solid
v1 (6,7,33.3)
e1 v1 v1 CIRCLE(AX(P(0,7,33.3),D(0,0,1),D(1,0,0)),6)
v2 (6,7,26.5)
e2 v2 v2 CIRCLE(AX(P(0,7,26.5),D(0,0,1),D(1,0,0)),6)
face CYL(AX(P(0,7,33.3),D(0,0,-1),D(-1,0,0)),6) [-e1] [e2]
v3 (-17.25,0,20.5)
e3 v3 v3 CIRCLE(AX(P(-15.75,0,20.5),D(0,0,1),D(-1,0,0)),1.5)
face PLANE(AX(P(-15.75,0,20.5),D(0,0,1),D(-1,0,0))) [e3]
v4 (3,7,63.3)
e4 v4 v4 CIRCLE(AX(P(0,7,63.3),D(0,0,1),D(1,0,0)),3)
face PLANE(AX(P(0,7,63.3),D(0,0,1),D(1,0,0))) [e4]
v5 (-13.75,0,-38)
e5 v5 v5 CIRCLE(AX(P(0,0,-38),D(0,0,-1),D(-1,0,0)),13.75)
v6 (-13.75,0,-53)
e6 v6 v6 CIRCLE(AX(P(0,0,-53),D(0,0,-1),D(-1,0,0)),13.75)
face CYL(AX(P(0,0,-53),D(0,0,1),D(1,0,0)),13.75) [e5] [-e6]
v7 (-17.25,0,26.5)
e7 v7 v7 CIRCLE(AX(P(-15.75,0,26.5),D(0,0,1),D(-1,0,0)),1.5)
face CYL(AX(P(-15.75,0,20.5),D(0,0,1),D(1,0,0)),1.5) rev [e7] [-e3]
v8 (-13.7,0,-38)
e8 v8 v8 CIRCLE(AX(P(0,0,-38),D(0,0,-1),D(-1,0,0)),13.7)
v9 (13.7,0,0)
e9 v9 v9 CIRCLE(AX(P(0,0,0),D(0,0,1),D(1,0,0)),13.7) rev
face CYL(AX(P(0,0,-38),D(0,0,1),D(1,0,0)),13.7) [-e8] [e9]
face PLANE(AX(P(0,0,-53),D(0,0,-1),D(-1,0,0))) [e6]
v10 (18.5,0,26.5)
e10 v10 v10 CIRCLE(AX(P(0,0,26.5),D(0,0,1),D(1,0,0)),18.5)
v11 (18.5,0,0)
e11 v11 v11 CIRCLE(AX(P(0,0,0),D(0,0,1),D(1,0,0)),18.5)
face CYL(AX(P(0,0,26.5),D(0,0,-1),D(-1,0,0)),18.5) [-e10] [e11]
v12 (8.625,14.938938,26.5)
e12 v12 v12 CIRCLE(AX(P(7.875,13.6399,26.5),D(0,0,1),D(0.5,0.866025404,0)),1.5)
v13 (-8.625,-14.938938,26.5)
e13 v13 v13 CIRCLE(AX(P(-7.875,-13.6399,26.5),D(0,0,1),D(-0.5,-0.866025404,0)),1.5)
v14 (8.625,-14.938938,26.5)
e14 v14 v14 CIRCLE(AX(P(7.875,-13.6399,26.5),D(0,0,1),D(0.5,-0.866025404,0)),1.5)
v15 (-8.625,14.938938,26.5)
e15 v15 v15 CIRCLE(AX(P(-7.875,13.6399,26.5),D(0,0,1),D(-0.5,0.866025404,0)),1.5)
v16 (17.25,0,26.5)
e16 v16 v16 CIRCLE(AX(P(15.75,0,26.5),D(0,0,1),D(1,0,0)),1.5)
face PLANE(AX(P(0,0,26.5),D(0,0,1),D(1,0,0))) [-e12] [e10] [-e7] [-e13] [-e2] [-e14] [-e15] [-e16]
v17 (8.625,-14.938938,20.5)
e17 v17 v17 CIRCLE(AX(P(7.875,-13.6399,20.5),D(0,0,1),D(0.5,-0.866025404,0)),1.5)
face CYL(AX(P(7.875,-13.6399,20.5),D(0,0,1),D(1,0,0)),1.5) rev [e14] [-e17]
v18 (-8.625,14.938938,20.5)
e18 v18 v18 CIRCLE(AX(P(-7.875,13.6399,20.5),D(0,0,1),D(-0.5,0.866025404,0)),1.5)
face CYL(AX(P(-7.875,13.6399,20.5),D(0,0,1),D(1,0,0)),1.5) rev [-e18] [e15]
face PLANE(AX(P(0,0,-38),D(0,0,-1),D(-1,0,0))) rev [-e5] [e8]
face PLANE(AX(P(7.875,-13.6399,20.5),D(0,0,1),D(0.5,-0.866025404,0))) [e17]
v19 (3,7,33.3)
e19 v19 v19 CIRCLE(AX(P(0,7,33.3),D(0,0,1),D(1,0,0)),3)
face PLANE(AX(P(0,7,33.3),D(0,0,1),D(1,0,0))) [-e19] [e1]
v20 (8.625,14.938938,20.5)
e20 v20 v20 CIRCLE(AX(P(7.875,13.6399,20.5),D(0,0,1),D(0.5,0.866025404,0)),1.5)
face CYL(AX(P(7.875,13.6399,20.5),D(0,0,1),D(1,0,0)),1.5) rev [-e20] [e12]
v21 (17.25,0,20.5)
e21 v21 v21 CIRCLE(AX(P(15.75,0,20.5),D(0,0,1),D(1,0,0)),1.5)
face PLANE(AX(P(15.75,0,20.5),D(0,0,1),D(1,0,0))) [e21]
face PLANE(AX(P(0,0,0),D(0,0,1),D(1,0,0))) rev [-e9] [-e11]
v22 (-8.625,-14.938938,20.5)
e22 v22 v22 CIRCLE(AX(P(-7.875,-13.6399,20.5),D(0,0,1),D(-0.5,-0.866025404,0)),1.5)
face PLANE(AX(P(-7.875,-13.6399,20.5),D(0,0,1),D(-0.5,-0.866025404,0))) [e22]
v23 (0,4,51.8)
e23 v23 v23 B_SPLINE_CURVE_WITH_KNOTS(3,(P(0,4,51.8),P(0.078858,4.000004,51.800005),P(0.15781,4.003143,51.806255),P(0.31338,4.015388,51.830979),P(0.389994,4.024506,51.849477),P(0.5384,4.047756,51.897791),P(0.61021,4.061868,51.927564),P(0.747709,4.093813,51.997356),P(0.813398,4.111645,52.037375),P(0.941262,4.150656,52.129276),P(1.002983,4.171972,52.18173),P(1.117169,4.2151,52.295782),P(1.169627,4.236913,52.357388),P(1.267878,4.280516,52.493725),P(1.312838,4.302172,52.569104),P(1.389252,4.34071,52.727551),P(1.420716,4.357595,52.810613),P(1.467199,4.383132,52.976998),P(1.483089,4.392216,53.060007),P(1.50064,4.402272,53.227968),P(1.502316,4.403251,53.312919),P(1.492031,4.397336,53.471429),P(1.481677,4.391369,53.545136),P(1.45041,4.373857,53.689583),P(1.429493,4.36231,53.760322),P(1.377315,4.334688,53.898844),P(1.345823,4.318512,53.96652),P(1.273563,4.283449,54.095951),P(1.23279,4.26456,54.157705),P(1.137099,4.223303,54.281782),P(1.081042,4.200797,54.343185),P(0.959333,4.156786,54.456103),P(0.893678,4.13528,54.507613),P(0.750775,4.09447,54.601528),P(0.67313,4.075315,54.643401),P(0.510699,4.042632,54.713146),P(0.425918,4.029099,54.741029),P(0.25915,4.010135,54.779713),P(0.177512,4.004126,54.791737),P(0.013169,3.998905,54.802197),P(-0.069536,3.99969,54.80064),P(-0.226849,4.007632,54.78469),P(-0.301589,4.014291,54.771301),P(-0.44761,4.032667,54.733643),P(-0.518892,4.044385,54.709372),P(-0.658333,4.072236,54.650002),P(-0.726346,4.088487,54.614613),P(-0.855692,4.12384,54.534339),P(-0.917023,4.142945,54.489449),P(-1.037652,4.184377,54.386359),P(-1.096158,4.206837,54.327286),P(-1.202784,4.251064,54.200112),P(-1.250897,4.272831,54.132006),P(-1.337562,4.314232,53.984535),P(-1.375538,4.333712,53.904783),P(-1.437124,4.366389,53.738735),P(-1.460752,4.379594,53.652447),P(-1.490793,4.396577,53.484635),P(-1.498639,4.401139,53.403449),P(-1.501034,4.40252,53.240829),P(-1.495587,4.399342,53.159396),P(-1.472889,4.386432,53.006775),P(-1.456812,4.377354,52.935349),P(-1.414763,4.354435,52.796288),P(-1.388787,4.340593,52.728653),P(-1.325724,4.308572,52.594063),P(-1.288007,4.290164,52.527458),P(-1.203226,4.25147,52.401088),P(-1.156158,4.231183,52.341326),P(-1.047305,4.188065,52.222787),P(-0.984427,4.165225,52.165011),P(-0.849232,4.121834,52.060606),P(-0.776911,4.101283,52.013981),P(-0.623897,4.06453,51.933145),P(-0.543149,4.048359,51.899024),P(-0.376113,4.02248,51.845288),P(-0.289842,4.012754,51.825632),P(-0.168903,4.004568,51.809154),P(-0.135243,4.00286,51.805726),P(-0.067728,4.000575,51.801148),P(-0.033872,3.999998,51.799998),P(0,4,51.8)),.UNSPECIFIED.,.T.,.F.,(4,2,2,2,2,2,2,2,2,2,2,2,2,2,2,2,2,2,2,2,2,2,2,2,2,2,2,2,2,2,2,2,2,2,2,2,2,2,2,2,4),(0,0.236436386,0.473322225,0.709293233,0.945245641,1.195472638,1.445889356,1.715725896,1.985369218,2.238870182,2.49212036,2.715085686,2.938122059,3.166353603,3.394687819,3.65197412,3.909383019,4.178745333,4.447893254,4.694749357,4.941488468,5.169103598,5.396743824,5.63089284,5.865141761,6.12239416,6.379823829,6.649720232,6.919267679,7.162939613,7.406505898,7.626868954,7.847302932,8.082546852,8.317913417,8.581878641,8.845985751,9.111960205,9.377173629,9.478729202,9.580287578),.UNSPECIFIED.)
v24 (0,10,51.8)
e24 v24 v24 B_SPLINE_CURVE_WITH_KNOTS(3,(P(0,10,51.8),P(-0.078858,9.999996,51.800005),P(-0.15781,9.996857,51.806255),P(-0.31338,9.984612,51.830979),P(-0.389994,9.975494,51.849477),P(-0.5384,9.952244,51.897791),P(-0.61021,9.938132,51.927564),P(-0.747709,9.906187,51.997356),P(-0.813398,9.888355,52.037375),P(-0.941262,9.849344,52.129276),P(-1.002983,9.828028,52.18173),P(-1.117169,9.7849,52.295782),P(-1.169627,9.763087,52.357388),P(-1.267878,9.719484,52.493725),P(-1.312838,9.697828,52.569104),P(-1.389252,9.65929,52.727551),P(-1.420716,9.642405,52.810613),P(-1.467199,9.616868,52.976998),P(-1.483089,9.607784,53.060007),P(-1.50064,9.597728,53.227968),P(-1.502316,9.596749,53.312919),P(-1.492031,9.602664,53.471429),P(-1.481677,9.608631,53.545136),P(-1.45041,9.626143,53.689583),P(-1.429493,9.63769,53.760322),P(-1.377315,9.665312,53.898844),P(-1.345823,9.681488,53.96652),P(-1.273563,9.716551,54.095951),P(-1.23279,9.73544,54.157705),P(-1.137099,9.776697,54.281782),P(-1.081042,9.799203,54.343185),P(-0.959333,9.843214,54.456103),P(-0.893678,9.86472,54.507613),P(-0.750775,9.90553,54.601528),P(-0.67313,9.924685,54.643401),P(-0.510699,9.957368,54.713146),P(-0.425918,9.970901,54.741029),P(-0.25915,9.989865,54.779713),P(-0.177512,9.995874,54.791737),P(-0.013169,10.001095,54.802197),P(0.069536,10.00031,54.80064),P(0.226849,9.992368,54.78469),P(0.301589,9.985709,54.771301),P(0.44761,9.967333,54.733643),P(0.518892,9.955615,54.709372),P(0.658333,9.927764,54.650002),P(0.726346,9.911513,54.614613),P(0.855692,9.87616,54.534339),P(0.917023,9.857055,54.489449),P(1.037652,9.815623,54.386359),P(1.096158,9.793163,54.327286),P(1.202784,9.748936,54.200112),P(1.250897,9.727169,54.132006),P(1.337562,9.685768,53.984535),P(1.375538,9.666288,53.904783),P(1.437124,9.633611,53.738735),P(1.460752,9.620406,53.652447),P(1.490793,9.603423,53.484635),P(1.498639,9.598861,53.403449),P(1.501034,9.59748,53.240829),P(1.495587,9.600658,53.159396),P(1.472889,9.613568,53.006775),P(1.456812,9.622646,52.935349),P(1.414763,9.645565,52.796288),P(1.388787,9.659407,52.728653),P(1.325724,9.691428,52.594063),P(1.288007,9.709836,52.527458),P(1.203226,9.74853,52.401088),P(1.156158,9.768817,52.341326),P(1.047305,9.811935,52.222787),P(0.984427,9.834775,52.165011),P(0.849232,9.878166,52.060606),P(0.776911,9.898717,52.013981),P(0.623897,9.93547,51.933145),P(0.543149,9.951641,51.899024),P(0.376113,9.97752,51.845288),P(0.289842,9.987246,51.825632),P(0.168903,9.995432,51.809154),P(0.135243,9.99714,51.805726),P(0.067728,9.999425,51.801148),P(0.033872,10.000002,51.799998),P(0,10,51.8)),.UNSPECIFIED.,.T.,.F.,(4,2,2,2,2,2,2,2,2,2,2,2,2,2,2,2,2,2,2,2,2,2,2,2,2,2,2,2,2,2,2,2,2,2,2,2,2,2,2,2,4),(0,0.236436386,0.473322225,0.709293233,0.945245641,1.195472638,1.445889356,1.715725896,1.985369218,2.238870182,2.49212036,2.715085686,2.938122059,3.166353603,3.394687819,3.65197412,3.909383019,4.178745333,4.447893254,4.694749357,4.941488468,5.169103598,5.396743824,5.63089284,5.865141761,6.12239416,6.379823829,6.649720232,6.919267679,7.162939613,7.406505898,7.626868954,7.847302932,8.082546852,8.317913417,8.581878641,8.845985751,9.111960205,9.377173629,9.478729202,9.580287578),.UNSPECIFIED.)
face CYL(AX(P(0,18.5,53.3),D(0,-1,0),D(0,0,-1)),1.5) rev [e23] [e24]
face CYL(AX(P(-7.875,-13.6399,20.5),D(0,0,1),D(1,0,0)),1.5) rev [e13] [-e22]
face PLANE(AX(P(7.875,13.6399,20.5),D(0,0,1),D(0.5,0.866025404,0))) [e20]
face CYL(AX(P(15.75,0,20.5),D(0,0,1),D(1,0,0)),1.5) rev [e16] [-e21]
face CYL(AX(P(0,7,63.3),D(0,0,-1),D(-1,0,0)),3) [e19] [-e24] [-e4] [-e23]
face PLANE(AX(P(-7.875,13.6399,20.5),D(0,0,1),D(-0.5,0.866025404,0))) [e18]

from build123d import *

# Parameters (mm, degrees)
SKETCH1_R           = 18.5
BOSS_EXTRUDE1_DEPTH = 26.5
SKETCH2_R           = 13.7
BOSS_EXTRUDE2_DEPTH = 38
SKETCH3_R           = 6
BOSS_EXTRUDE3_DEPTH = 6.8
SKETCH4_R           = 3
BOSS_EXTRUDE4_DEPTH = 30
SKETCH5_R           = 1.5
CUT_EXTRUDE1_DEPTH  = 6
CIRPATTERN1_COUNT   = 6
SKETCH6_R           = 13.75
BOSS_EXTRUDE5_DEPTH = 15
SKETCH7_R           = 1.5
CUT_EXTRUDE2_DEPTH  = 69.49372234


with BuildPart() as part:
    # Sketch1 → Boss-Extrude1 (new body)
    with BuildSketch(Plane.XY):
        Circle(SKETCH1_R)
    extrude(amount=BOSS_EXTRUDE1_DEPTH)

    # Sketch2 → Boss-Extrude2 (add)
    with BuildSketch(Plane(origin=(0, 0, 0), x_dir=(-1, 0, 0), z_dir=(0, 0, -1))):
        with Locations(Location((0, 0, 0), (0, 0, 180))):
            Circle(SKETCH2_R)
    extrude(amount=BOSS_EXTRUDE2_DEPTH)

    # Sketch3 → Boss-Extrude3 (add)
    with BuildSketch(Plane.XY.offset(26.5)):
        with Locations((0, 7)):
            Circle(SKETCH3_R)
    extrude(amount=BOSS_EXTRUDE3_DEPTH)

    # Sketch4 → Boss-Extrude4 (add)
    with BuildSketch(Plane.XY.offset(33.3)):
        with Locations((0, 7)):
            Circle(SKETCH4_R)
    extrude(amount=BOSS_EXTRUDE4_DEPTH)

    # Sketch5 → Cut-Extrude1 (cut)
    with BuildSketch(Plane.XY.offset(26.5)):
        with Locations((15.75, 0)):
            Circle(SKETCH5_R)
    cut_extrude1 = extrude(amount=-CUT_EXTRUDE1_DEPTH, mode=Mode.SUBTRACT)

    # CirPattern1: Cut-Extrude1 ×6 about axis
    cirpattern1_axis = Axis((0, 0, 0), (0, 0, 1))
    for i in range(1, CIRPATTERN1_COUNT):
        add(cut_extrude1.rotate(cirpattern1_axis, i * 360 / CIRPATTERN1_COUNT), mode=Mode.SUBTRACT)

    # Sketch6 → Boss-Extrude5 (add)
    with BuildSketch(Plane(origin=(0, 0, -38), x_dir=(-1, 0, 0), z_dir=(0, 0, -1))):
        Circle(SKETCH6_R)
    extrude(amount=BOSS_EXTRUDE5_DEPTH)

    # Sketch7 → Cut-Extrude2 (cut, through all)
    with BuildSketch(Plane(origin=(0, 0, 0), x_dir=(1, 0, 0), z_dir=(0, 1, 0))):
        with Locations(Location((0, -53.3, 0), (0, 0, 90))):
            Circle(SKETCH7_R)
    extrude(amount=CUT_EXTRUDE2_DEPTH, mode=Mode.SUBTRACT)


solid = part.part
